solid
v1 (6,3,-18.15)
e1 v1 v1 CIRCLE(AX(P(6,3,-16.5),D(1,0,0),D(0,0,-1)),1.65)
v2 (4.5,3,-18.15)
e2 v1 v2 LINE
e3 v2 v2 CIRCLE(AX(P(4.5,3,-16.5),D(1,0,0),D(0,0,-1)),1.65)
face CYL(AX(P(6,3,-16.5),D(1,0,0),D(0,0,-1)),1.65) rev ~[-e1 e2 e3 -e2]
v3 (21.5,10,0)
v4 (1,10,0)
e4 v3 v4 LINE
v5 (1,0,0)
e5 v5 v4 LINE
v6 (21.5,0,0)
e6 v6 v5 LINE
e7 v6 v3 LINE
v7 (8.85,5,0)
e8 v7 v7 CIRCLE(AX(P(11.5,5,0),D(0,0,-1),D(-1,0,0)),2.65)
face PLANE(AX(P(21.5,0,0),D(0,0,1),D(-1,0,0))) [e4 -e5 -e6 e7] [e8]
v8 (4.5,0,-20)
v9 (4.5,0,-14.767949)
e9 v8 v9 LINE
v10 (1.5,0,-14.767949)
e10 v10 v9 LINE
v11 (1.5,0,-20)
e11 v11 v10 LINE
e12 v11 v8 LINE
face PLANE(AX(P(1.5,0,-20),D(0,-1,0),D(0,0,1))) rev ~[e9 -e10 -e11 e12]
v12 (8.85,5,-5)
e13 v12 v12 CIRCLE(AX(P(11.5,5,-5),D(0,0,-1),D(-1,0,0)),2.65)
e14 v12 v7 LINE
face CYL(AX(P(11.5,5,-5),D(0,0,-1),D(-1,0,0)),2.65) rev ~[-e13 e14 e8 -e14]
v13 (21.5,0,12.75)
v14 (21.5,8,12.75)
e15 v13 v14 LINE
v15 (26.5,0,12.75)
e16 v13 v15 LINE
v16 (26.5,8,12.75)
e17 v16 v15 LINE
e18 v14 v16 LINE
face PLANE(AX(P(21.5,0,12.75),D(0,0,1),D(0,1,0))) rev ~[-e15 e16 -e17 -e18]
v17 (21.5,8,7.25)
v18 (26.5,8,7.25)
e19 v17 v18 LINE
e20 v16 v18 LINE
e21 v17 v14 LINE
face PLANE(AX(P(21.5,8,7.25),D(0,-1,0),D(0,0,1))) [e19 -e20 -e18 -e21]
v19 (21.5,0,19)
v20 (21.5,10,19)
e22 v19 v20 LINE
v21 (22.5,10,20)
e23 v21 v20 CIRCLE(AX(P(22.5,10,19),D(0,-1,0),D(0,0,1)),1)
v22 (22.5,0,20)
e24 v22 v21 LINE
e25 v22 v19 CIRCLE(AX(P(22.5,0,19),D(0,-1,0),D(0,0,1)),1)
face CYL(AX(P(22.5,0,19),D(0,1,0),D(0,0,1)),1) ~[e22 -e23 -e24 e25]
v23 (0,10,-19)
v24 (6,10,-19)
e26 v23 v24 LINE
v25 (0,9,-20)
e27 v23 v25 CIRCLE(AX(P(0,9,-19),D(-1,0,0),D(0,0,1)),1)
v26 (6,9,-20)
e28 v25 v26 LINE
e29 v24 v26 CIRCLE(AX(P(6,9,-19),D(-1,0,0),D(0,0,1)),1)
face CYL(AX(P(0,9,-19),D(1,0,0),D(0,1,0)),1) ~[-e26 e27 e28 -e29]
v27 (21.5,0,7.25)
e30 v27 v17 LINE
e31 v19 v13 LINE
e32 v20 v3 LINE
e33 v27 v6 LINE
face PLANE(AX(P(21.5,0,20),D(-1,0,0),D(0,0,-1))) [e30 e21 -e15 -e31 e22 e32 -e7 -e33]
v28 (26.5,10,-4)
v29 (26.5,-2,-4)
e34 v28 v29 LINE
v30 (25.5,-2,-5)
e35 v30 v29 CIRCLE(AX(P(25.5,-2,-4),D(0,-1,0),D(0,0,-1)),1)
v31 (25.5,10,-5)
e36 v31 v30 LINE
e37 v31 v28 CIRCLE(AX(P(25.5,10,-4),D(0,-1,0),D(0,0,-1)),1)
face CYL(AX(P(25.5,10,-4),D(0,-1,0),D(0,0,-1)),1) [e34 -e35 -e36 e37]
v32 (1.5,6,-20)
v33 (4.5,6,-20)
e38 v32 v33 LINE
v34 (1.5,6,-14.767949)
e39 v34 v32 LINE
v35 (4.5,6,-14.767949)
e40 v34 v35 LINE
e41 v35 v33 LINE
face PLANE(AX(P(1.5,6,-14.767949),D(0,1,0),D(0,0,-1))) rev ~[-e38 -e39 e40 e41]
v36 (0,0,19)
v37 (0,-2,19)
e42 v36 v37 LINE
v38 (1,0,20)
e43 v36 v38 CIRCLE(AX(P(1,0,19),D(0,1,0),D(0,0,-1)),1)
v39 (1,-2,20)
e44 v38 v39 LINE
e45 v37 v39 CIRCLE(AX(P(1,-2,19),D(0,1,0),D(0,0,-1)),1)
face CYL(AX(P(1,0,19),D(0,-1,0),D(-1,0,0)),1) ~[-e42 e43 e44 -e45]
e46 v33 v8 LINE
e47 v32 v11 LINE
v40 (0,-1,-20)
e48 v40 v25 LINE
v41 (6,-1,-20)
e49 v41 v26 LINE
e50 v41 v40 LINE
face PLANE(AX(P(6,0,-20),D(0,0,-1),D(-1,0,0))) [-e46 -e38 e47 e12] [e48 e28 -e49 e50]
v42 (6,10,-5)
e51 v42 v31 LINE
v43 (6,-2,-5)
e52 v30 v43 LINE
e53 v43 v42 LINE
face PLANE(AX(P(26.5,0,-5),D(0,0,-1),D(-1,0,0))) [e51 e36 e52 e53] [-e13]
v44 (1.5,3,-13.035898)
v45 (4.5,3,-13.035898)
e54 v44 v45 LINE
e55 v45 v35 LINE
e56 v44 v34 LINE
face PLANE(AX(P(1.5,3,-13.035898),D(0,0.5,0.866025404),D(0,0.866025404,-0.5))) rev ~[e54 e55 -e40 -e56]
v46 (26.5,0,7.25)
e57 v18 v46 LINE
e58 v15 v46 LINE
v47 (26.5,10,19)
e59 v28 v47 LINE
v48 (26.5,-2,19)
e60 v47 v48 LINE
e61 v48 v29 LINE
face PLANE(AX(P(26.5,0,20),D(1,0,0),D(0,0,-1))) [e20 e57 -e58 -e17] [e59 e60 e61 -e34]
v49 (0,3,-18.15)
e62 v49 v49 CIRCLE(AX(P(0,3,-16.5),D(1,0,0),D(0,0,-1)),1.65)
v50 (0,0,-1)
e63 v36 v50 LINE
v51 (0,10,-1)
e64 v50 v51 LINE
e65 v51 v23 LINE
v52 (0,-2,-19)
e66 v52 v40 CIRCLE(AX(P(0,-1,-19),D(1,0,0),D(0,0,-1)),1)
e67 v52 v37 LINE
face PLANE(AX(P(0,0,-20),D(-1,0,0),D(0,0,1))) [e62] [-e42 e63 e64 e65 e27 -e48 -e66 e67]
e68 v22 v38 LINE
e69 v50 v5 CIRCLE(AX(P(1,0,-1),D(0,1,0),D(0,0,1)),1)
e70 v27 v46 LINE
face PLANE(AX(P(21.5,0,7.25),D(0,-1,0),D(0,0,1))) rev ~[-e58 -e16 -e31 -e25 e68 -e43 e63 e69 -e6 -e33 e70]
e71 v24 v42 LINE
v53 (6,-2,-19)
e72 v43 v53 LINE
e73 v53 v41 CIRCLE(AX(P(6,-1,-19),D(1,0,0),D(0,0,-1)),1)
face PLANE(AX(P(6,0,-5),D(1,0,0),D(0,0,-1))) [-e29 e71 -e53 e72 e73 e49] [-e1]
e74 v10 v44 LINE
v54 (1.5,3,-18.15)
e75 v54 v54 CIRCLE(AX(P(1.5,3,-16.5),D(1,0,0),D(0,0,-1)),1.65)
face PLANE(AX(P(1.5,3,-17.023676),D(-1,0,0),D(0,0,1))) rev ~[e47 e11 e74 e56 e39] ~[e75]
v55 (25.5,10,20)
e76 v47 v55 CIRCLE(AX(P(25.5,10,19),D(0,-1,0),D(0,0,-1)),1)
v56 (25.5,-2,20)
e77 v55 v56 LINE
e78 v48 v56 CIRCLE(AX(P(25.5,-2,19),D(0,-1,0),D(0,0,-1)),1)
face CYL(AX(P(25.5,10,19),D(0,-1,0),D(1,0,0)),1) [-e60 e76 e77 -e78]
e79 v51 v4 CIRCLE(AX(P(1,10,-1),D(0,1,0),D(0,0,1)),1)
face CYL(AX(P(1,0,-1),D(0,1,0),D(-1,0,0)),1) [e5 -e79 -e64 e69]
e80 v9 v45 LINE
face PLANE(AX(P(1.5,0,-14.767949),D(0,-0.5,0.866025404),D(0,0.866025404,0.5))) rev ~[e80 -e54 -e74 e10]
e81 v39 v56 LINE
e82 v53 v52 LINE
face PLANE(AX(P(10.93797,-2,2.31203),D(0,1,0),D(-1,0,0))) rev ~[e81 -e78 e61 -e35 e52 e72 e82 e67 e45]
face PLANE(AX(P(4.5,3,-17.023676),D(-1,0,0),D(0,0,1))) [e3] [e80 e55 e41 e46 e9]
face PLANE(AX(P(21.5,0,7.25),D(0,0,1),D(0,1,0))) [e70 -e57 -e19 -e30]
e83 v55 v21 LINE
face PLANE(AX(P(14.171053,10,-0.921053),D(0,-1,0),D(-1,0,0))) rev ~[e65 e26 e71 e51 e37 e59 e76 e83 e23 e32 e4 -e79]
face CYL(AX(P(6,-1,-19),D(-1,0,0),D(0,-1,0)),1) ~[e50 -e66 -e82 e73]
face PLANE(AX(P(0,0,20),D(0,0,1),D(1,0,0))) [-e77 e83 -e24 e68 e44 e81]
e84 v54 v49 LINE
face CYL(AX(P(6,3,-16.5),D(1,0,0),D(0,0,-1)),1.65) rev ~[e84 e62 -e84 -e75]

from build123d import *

# Parameters (mm, degrees)
RESSALTO_EXTRUS_O1_DEPTH = 10
RESSALTO_EXTRUS_O2_DEPTH = 2
ESBO_O2_W                = 5.5
ESBO_O2_H                = 8
CORTE_EXTRUS_O1_DEPTH    = 10
ESBO_O3_R                = 1.65
CORTE_EXTRUS_O2_DEPTH    = 10
ESBO_O4_R                = 2.65
CORTE_EXTRUS_O3_DEPTH    = 10
CORTE_EXTRUS_O4_START    = -1.5
CORTE_EXTRUS_O4_DEPTH    = 3
FILETE1_R                = 1


with BuildPart() as part:
    # Esboço1 → Ressalto-extrusão1 (new body)
    with BuildSketch(Plane(origin=(0, 0, 0), x_dir=(1, 0, 0), z_dir=(0, 1, 0))):
        Polygon((0, 0), (0, 20), (6, 20), (6, 5), (26.5, 5), (26.5, -20), (21.5, -20), (21.5, 0), align=None)
    extrude(amount=RESSALTO_EXTRUS_O1_DEPTH)

    # Esboço8 → Ressalto-extrusão2 (add)
    with BuildSketch(Plane.XZ):
        Polygon((26.5, -5), (6, -5), (6, -20), (0, -20), (0, 20), (26.5, 20), align=None)
    extrude(amount=RESSALTO_EXTRUS_O2_DEPTH)

    # Esboço2 → Corte-extrusão1 (cut)
    with BuildSketch(Plane.ZY.offset(-21.5)):
        with Locations((10, 4)):
            Rectangle(ESBO_O2_W, ESBO_O2_H)
    extrude(amount=-CORTE_EXTRUS_O1_DEPTH, mode=Mode.SUBTRACT)

    # Esboço3 → Corte-extrusão2 (cut)
    with BuildSketch(Plane(origin=(6, 0, 0), x_dir=(0, 0, -1), z_dir=(1, 0, 0))):
        with Locations((16.5, 3)):
            Circle(ESBO_O3_R)
    extrude(amount=-CORTE_EXTRUS_O2_DEPTH, mode=Mode.SUBTRACT)

    # Esboço4 → Corte-extrusão3 (cut)
    with BuildSketch(Plane(origin=(0, 0, -5), x_dir=(-1, 0, 0), z_dir=(0, 0, -1))):
        with Locations((-11.5, 5)):
            Circle(ESBO_O4_R)
    extrude(amount=-CORTE_EXTRUS_O3_DEPTH, mode=Mode.SUBTRACT)

    # Esboço7 → Corte-extrusão4 (cut)
    with BuildSketch(Plane.ZY.offset(CORTE_EXTRUS_O4_START)):
        Polygon((-13.035898385, 3), (-14.767949192, 6), (-18.232050808, 6), (-20, 6), (-20, 0), (-18.232050808, 0), (-14.767949192, 0), align=None)
    extrude(amount=-CORTE_EXTRUS_O4_DEPTH, mode=Mode.SUBTRACT)

    # Filete1
    filete1_edges = [part.edges().sort_by_distance(p)[0] for p in [
        (3, 10, -20),
        (21.5, 5, 20),
        (26.5, 4, 20),
        (26.5, 4, -5),
        (0, 5, 0),
        (0, -1, 20),
        (3, -2, -20),
    ]]
    fillet(filete1_edges, radius=FILETE1_R)


solid = part.part
